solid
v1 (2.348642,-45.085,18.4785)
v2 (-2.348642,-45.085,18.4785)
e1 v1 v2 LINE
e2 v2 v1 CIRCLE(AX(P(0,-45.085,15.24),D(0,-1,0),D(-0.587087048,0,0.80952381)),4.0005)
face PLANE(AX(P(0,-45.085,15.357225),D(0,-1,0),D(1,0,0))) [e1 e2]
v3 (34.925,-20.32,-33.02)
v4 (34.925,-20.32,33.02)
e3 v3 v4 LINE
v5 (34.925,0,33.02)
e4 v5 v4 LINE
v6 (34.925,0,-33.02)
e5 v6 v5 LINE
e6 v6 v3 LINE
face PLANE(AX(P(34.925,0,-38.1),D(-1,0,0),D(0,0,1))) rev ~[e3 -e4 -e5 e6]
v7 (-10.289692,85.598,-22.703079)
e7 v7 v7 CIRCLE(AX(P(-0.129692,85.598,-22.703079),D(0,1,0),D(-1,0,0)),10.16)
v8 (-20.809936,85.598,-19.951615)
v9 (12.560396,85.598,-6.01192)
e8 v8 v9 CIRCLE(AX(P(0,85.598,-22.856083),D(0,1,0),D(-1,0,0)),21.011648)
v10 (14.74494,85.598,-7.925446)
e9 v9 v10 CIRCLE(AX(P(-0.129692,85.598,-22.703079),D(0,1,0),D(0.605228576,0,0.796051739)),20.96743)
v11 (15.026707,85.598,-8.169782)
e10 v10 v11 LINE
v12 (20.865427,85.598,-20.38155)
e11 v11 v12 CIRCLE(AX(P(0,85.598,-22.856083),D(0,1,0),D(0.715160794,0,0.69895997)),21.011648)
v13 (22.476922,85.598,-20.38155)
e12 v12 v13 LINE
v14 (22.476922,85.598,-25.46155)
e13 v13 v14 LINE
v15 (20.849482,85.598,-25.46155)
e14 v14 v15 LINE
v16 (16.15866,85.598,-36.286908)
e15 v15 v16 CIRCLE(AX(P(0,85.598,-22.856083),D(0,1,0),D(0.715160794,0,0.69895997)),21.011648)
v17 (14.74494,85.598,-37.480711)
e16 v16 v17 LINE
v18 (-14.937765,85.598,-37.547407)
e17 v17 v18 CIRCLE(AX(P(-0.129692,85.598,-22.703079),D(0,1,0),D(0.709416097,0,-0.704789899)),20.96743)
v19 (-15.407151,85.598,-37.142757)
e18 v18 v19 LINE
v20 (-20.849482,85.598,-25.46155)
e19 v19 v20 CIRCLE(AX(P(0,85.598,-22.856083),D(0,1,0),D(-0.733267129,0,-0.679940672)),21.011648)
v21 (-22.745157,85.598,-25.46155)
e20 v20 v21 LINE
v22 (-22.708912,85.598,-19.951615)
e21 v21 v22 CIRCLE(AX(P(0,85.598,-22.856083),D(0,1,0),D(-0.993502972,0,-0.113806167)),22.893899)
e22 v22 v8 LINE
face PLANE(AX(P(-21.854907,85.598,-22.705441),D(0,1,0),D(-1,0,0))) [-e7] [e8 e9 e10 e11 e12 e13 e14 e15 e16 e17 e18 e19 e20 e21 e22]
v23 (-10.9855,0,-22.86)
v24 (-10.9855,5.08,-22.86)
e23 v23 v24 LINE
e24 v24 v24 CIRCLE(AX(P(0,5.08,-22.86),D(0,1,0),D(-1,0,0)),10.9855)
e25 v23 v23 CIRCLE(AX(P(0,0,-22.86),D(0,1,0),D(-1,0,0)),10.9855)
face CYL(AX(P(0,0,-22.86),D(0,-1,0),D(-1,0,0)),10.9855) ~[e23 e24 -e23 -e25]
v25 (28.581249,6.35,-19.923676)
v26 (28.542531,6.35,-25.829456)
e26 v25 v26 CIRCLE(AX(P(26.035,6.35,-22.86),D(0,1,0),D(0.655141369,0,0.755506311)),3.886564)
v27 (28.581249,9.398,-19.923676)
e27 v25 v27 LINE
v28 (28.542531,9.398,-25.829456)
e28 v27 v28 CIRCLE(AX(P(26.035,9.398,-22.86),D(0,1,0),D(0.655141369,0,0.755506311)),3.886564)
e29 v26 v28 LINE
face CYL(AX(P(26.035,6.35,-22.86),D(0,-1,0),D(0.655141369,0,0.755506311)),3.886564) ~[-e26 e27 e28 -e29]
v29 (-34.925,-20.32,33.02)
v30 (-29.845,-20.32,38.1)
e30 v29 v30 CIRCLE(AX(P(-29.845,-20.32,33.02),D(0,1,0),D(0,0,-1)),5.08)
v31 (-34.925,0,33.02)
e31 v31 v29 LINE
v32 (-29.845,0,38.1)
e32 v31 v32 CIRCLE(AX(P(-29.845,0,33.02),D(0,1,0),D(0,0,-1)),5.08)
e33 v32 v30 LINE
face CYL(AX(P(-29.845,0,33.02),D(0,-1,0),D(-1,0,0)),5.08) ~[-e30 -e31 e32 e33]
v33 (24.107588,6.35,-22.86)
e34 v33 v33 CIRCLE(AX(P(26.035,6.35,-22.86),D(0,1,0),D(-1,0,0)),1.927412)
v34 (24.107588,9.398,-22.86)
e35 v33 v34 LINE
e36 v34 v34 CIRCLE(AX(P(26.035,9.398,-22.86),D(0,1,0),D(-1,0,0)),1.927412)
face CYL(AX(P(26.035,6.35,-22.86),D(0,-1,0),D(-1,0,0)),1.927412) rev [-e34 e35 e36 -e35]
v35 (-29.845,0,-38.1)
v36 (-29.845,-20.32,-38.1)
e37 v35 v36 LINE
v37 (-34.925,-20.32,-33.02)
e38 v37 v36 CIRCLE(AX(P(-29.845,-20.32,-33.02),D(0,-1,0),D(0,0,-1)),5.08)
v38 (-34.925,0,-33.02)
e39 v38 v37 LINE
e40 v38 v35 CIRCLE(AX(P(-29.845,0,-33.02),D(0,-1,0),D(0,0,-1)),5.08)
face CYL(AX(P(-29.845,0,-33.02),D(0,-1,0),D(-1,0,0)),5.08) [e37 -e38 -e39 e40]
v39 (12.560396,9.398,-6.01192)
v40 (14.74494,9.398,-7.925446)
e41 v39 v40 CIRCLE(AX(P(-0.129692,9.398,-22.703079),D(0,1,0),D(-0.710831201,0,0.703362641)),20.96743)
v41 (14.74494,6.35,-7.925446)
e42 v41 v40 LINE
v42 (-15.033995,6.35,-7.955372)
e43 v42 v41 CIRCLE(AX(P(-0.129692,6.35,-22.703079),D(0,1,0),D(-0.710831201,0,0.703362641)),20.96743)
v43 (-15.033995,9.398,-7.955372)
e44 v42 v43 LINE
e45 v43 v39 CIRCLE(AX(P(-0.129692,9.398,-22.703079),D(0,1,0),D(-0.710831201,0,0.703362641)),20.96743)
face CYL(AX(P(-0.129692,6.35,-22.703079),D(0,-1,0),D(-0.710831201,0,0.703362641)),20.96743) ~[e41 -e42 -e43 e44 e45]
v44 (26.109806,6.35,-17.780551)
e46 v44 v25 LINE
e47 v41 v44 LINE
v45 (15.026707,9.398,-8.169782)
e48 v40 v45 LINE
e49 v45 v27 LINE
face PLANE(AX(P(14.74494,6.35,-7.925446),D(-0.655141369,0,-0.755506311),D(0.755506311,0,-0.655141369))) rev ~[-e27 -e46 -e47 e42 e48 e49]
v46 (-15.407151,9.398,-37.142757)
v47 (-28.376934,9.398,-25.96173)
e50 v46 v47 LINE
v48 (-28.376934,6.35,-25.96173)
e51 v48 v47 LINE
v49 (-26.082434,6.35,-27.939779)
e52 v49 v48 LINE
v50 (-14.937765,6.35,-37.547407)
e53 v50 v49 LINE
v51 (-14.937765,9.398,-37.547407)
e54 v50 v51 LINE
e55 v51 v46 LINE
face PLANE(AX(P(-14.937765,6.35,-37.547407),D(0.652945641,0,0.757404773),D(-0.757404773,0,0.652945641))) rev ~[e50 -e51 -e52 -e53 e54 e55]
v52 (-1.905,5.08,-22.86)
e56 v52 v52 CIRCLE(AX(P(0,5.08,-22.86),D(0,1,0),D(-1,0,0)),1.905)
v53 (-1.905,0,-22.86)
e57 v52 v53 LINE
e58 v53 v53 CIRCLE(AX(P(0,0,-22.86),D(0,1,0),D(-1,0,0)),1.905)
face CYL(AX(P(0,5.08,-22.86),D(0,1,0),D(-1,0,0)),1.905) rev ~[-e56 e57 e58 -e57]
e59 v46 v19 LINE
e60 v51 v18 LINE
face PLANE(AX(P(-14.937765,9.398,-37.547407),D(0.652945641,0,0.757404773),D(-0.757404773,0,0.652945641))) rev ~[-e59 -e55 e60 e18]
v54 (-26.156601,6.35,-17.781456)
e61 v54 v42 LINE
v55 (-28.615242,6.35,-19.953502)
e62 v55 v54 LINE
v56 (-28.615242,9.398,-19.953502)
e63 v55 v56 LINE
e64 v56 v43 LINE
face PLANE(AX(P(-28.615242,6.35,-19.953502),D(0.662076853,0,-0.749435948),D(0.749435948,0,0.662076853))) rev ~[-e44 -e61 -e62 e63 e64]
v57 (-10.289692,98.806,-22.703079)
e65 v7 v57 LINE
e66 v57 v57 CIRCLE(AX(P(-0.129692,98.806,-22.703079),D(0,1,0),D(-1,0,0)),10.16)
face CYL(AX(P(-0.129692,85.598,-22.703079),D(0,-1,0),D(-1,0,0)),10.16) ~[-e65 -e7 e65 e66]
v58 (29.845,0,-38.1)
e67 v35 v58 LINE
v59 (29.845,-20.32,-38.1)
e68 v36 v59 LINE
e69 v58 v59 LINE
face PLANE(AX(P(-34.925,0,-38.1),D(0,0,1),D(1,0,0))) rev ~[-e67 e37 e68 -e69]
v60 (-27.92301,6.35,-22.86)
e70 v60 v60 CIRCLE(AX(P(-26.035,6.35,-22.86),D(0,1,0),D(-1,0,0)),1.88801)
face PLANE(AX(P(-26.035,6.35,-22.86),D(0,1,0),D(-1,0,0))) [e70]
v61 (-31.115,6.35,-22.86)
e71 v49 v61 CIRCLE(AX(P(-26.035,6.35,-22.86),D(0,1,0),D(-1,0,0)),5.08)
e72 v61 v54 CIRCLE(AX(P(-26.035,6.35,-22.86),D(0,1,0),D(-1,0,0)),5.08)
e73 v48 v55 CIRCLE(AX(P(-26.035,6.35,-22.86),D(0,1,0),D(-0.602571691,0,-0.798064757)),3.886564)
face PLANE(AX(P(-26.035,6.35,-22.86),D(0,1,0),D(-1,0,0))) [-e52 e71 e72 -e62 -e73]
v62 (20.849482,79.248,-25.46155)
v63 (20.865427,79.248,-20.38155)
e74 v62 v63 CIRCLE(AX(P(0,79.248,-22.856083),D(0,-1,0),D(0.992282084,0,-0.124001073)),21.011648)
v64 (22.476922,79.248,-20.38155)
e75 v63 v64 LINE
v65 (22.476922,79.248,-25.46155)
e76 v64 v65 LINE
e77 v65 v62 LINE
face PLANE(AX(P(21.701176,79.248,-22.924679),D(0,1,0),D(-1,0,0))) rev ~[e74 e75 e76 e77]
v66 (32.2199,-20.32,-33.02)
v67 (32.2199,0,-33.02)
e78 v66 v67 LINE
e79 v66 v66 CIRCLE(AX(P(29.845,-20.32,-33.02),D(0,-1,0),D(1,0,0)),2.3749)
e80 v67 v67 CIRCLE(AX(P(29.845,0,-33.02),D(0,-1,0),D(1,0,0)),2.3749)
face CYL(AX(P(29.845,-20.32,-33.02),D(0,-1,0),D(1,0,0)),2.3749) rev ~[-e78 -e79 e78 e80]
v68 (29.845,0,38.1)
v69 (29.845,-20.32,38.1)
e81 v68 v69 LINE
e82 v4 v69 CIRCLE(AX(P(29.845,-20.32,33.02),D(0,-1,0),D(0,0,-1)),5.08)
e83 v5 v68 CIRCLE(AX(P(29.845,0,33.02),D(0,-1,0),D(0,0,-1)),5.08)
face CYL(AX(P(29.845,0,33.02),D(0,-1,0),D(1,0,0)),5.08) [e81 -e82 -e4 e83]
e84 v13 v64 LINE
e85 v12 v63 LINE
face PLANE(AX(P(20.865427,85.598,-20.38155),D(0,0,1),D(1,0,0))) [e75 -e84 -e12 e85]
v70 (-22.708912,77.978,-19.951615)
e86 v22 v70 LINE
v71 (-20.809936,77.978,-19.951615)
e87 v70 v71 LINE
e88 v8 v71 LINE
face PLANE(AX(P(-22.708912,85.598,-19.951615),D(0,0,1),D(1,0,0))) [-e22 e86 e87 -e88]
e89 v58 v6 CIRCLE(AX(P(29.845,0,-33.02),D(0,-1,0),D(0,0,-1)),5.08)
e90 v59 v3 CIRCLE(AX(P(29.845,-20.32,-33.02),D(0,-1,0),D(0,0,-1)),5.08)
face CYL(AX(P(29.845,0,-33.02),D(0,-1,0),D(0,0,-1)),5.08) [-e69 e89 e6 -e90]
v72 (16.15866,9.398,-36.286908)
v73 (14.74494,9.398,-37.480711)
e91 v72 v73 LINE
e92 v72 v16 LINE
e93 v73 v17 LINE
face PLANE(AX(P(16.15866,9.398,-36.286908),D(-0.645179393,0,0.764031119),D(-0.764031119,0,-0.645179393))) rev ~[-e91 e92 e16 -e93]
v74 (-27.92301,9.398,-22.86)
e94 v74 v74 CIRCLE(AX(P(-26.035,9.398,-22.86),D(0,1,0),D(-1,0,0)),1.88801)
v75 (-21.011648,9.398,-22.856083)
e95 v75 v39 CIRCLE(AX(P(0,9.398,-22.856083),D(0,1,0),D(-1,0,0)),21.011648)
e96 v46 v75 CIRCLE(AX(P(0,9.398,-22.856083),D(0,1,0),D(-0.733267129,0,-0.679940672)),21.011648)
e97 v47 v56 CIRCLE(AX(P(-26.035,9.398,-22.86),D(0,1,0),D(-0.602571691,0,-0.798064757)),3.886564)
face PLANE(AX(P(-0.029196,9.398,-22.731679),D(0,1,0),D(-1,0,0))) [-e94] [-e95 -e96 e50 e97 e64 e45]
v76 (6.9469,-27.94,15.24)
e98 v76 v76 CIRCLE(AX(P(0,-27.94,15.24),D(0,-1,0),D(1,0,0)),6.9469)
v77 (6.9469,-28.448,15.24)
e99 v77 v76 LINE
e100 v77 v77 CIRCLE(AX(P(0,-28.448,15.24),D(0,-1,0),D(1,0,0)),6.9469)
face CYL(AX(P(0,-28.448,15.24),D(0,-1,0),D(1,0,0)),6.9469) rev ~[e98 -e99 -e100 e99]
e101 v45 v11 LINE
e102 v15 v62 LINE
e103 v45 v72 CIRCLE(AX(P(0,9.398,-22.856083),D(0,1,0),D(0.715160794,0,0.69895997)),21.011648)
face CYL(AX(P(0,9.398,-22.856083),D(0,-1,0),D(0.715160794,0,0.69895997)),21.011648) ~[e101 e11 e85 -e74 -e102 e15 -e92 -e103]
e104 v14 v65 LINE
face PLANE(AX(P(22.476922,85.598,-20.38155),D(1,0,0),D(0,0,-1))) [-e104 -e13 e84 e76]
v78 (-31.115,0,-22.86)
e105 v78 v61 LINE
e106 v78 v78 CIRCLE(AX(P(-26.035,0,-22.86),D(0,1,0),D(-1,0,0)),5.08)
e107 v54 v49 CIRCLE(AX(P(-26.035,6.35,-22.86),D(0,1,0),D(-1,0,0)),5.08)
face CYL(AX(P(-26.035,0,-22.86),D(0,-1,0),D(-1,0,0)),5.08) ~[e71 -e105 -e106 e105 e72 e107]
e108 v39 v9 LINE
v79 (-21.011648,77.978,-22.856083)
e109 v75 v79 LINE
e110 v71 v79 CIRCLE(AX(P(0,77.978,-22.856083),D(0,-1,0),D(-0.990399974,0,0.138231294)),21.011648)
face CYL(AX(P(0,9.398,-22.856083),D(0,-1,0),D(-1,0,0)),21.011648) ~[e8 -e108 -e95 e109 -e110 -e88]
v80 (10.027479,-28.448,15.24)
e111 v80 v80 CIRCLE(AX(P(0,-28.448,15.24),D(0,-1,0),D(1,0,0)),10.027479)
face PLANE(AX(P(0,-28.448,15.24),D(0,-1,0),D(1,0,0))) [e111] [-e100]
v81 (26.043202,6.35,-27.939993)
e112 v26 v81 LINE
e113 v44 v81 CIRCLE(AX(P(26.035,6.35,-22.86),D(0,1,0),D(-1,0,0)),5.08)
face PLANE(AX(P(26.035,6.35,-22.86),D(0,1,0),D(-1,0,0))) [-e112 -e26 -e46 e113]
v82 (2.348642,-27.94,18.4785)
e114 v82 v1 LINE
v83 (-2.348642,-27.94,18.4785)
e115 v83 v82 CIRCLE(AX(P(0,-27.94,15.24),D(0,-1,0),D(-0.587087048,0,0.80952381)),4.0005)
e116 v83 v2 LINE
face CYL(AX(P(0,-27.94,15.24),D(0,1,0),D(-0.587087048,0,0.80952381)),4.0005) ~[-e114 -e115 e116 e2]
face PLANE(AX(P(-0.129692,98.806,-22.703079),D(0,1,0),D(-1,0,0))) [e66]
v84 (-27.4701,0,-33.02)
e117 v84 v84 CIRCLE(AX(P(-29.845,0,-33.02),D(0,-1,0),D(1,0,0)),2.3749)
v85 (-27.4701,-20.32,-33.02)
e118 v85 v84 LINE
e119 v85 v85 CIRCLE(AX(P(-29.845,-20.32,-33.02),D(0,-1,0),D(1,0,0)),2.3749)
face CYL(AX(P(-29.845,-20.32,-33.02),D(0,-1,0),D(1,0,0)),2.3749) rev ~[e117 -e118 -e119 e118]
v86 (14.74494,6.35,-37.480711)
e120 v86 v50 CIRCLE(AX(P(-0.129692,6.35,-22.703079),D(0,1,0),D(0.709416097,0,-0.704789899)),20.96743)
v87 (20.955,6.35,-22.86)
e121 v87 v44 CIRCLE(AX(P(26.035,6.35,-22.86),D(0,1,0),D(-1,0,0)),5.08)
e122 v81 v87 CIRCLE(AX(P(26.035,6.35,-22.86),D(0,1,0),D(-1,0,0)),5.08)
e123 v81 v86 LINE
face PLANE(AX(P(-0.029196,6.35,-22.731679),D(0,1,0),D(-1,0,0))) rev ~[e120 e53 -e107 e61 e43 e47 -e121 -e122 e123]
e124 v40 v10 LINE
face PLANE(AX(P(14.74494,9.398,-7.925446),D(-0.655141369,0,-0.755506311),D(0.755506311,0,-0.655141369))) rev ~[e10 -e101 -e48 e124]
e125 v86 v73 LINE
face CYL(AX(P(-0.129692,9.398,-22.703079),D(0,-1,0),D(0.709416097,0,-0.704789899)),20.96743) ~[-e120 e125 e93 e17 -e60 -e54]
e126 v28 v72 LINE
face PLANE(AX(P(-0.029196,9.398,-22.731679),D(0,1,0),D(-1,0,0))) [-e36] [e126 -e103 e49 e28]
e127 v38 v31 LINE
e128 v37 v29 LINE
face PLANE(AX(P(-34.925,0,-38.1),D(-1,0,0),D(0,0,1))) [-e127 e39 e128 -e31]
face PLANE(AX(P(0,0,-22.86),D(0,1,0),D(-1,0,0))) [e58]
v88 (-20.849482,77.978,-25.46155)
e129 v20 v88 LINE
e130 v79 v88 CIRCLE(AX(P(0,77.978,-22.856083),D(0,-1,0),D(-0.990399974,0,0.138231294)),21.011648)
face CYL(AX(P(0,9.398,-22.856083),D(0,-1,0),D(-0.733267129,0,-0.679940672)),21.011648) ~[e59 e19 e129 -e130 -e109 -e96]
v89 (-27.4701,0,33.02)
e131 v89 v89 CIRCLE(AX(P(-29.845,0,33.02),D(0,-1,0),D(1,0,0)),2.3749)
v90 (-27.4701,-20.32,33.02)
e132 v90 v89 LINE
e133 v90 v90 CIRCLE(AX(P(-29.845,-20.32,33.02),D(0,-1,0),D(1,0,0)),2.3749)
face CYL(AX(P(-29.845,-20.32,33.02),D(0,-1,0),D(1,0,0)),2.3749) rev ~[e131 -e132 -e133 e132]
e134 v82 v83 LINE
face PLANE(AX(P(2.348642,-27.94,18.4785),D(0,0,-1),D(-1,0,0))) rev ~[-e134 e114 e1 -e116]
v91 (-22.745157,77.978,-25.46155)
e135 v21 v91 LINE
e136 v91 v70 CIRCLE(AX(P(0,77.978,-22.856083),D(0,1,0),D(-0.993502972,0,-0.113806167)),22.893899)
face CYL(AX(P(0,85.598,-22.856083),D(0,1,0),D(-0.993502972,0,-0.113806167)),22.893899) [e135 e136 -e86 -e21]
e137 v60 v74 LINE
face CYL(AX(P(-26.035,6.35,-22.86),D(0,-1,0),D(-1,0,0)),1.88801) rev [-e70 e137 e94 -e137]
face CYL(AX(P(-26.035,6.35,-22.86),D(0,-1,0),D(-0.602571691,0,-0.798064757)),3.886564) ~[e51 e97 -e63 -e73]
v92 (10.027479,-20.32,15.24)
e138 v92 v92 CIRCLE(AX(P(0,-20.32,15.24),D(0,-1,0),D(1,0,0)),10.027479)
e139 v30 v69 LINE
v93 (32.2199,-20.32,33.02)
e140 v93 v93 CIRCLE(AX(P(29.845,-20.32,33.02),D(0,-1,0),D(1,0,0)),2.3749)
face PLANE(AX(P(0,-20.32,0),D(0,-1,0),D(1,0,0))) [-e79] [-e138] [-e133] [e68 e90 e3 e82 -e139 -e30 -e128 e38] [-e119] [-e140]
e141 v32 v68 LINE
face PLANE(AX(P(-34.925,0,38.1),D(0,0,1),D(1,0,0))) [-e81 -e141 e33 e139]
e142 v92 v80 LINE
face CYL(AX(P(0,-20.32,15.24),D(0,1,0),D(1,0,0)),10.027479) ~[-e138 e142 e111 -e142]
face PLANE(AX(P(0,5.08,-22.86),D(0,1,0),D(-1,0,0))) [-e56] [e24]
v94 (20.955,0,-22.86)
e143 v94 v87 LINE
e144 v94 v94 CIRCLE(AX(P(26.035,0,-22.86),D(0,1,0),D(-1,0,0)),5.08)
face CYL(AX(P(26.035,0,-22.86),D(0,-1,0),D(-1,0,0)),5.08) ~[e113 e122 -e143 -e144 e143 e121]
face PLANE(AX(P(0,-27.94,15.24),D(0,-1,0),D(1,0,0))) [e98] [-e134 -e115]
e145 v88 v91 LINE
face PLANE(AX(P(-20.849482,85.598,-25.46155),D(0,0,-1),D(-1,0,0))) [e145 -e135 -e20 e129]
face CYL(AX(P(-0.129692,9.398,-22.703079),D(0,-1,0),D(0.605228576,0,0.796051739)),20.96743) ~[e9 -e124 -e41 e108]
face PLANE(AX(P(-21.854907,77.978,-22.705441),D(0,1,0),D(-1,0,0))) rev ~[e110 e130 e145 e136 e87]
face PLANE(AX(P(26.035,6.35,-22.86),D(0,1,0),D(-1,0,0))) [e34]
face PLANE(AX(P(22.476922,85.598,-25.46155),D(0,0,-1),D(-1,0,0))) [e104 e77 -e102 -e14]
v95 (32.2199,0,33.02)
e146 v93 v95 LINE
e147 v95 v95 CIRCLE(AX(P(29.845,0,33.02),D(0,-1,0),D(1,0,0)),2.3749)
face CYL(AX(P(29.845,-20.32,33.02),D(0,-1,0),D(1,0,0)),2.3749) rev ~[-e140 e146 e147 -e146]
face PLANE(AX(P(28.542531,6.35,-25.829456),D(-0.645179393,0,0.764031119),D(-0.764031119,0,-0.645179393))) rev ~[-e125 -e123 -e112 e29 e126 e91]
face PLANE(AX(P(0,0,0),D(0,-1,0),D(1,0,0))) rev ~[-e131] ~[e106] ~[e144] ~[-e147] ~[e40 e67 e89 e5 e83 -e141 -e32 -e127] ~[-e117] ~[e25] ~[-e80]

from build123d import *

# Parameters (mm, degrees)
F0_W      = 69.85
F0_H      = 76.2
F1_DEPTH  = 20.32
F2_R      = 5.08
F3_R      = 2.3749
F4_DEPTH  = 20.321
F5_R      = 10.0274789958
F6_DEPTH  = 8.128
F7_R      = 6.9469
F8_DEPTH  = 0.508
F10_DEPTH = 17.145
F11_R     = 10.9855
F12_DEPTH = 5.08
F11_R_2   = 5.08
F13_DEPTH = 6.35
F14_DEPTH = 6.35
F15_R     = 1.905
F16_DEPTH = 5.08
F18_R     = 1.927412261
F18_R_2   = 1.8880097215
F19_DEPTH = 3.048
F21_DEPTH = 76.2
F22_R     = 10.16
F23_DEPTH = 13.208
F25_DEPTH = 7.62
F27_DEPTH = 6.35


with BuildPart() as f1:
    # F0 (on Front) → F1 (new body)
    with BuildSketch(Plane.XZ):
        Rectangle(F0_W, F0_H)
    extrude(amount=F1_DEPTH)

    # F2
    f2_edges = [f1.edges().sort_by_distance(p)[0] for p in [
        (-34.925, -10.16, 38.1),
        (-34.925, -10.16, -38.1),
        (34.925, -10.16, -38.1),
        (34.925, -10.16, 38.1),
    ]]
    fillet(f2_edges, radius=F2_R)

    # F3 (on face) → F4 (cut, through all)
    with BuildSketch(Plane.XZ.offset(20.32)):
        with Locations((-29.845, 33.02)):
            Circle(F3_R)
        with Locations((29.845, 33.02)):
            Circle(F3_R)
        with Locations((-29.845, -33.02)):
            Circle(F3_R)
        with Locations((29.845, -33.02)):
            Circle(F3_R)
    extrude(amount=-F4_DEPTH, mode=Mode.SUBTRACT)

    # F5 (on face) → F6 (join)
    with BuildSketch(Plane.XZ.offset(20.32)):
        with Locations((0, 15.24)):
            Circle(F5_R)
    extrude(amount=F6_DEPTH)

    # F7 (on face) → F8 (cut)
    with BuildSketch(Plane.XZ.offset(28.448)):
        with Locations((0, 15.24)):
            Circle(F7_R)
    extrude(amount=-F8_DEPTH, mode=Mode.SUBTRACT)

    # F9 (on face) → F10 (join)
    with BuildSketch(Plane.XZ.offset(27.94)):
        with BuildLine():
            Line((2.3486417351, 18.4785), (-2.3486417351, 18.4785))
            ThreePointArc((-2.3486417351, 18.4785), (0, 11.2395), (2.3486417351, 18.4785))
        make_face()
    extrude(amount=F10_DEPTH)

    # F11 (on face) → F12 (join)
    with BuildSketch(Plane(origin=(0, 0, 0), x_dir=(-1, 0, 0), z_dir=(0, 1, 0))):
        with Locations((0, -22.86)):
            Circle(F11_R)
    extrude(amount=F12_DEPTH)

    # F11 (on face) → F13 (join)
    with BuildSketch(Plane(origin=(0, 0, 0), x_dir=(-1, 0, 0), z_dir=(0, 1, 0))):
        with Locations((26.035, -22.86)):
            Circle(F11_R_2)
    extrude(amount=F13_DEPTH)

    # F11 (on face) → F14 (join)
    with BuildSketch(Plane(origin=(0, 0, 0), x_dir=(-1, 0, 0), z_dir=(0, 1, 0))):
        with Locations((-26.035, -22.86)):
            Circle(F11_R_2)
    extrude(amount=F14_DEPTH)

    # F15 (on face) → F16 (cut)
    with BuildSketch(Plane(origin=(0, 5.08, 0), x_dir=(-1, 0, 0), z_dir=(0, 1, 0))):
        with Locations((0, -22.86)):
            Circle(F15_R)
    extrude(amount=-F16_DEPTH, mode=Mode.SUBTRACT)

    # F18 (on face) → F19 (join)
    with BuildSketch(Plane(origin=(0, 6.35, 0), x_dir=(-1, 0, 0), z_dir=(0, 1, 0))):
        with BuildLine():
            Line((-14.7449402664, -7.9254461452), (-28.5812491882, -19.9236759913))
            ThreePointArc((-28.5812491882, -19.9236759913), (-29.9214809801, -22.8854794861), (-28.5425313232, -25.8294562256))
            Line((-28.5425313232, -25.8294562256), (-14.7449402664, -37.4807112473))
            ThreePointArc((-14.7449402664, -37.4807112473), (0.0825790048, -43.6704553243), (14.9377645792, -37.5474069801))
            Line((14.9377645792, -37.5474069801), (28.3769337433, -25.961730155))
            ThreePointArc((28.3769337433, -25.961730155), (29.9185109104, -23.0140344812), (28.6152424237, -19.9535016519))
            Line((28.6152424237, -19.9535016519), (15.0339949064, -7.9553720766))
            ThreePointArc((15.0339949064, -7.9553720766), (0.1507626975, -1.7356597256), (-14.7449402664, -7.9254461452))
        make_face()
        with Locations((-26.035, -22.86)):
            Circle(F18_R, mode=Mode.SUBTRACT)
        with Locations((26.035, -22.86)):
            Circle(F18_R_2, mode=Mode.SUBTRACT)
    extrude(amount=F19_DEPTH)

    # F20 (on face) → F21 (join)
    with BuildSketch(Plane(origin=(0, 9.398, 0), x_dir=(-1, 0, 0), z_dir=(0, 1, 0))):
        with BuildLine():
            ThreePointArc((15.4071510025, -37.1427570095), (19.560406445, -30.5294042531), (21.0116482676, -22.8560827672))
            ThreePointArc((21.0116482676, -22.8560827672), (9.4227051618, -4.0757209402), (-12.5603957589, -6.0119199415))
            ThreePointArc((-12.5603957589, -6.0119199415), (-13.6858370585, -6.9308161687), (-14.7449402664, -7.9254461452))
            Line((-14.7449402664, -7.9254461452), (-15.0267070498, -8.16978173))
            ThreePointArc((-15.0267070498, -8.16978173), (-20.9946416555, -22.0108699669), (-16.15866039, -36.2869076608))
            Line((-16.15866039, -36.2869076608), (-14.7449402664, -37.4807112473))
            ThreePointArc((-14.7449402664, -37.4807112473), (0.0825790048, -43.6704553243), (14.9377645792, -37.5474069801))
            Line((14.9377645792, -37.5474069801), (15.4071510025, -37.1427570095))
        make_face()
    extrude(amount=F21_DEPTH)

    # F22 (on face) → F23 (join)
    with BuildSketch(Plane(origin=(0, 85.598, 0), x_dir=(-1, 0, 0), z_dir=(0, 1, 0))):
        with Locations((0.1296917782, -22.7030786963)):
            Circle(F22_R)
    extrude(amount=F23_DEPTH)

    # F24 (on face) → F25 (join)
    with BuildSketch(Plane(origin=(0, 85.598, 0), x_dir=(-1, 0, 0), z_dir=(0, 1, 0))):
        with BuildLine():
            Line((22.7089122915, -19.9516154365), (20.8099359068, -19.9516154365))
            ThreePointArc((20.8099359068, -19.9516154365), (21.0111071016, -22.7052806306), (20.8494821266, -25.4615497064))
            Line((20.8494821266, -25.4615497064), (22.7451570662, -25.4615497064))
            ThreePointArc((22.7451570662, -25.4615497064), (22.8934040546, -22.7054881808), (22.7089122915, -19.9516154365))
        make_face()
    extrude(amount=-F25_DEPTH)

    # F26 (on face) → F27 (join)
    with BuildSketch(Plane(origin=(0, 85.598, 0), x_dir=(-1, 0, 0), z_dir=(0, 1, 0))):
        with BuildLine():
            ThreePointArc((-20.8494821266, -25.4615497064), (-21.0115447656, -22.9220333613), (-20.8654271236, -20.3815497064))
            Line((-20.8654271236, -20.3815497064), (-22.4769224541, -20.3815497064))
            Line((-22.4769224541, -20.3815497064), (-22.4769224541, -25.4615497064))
            Line((-22.4769224541, -25.4615497064), (-20.8494821266, -25.4615497064))
        make_face()
    extrude(amount=-F27_DEPTH)


solid = f1.part
